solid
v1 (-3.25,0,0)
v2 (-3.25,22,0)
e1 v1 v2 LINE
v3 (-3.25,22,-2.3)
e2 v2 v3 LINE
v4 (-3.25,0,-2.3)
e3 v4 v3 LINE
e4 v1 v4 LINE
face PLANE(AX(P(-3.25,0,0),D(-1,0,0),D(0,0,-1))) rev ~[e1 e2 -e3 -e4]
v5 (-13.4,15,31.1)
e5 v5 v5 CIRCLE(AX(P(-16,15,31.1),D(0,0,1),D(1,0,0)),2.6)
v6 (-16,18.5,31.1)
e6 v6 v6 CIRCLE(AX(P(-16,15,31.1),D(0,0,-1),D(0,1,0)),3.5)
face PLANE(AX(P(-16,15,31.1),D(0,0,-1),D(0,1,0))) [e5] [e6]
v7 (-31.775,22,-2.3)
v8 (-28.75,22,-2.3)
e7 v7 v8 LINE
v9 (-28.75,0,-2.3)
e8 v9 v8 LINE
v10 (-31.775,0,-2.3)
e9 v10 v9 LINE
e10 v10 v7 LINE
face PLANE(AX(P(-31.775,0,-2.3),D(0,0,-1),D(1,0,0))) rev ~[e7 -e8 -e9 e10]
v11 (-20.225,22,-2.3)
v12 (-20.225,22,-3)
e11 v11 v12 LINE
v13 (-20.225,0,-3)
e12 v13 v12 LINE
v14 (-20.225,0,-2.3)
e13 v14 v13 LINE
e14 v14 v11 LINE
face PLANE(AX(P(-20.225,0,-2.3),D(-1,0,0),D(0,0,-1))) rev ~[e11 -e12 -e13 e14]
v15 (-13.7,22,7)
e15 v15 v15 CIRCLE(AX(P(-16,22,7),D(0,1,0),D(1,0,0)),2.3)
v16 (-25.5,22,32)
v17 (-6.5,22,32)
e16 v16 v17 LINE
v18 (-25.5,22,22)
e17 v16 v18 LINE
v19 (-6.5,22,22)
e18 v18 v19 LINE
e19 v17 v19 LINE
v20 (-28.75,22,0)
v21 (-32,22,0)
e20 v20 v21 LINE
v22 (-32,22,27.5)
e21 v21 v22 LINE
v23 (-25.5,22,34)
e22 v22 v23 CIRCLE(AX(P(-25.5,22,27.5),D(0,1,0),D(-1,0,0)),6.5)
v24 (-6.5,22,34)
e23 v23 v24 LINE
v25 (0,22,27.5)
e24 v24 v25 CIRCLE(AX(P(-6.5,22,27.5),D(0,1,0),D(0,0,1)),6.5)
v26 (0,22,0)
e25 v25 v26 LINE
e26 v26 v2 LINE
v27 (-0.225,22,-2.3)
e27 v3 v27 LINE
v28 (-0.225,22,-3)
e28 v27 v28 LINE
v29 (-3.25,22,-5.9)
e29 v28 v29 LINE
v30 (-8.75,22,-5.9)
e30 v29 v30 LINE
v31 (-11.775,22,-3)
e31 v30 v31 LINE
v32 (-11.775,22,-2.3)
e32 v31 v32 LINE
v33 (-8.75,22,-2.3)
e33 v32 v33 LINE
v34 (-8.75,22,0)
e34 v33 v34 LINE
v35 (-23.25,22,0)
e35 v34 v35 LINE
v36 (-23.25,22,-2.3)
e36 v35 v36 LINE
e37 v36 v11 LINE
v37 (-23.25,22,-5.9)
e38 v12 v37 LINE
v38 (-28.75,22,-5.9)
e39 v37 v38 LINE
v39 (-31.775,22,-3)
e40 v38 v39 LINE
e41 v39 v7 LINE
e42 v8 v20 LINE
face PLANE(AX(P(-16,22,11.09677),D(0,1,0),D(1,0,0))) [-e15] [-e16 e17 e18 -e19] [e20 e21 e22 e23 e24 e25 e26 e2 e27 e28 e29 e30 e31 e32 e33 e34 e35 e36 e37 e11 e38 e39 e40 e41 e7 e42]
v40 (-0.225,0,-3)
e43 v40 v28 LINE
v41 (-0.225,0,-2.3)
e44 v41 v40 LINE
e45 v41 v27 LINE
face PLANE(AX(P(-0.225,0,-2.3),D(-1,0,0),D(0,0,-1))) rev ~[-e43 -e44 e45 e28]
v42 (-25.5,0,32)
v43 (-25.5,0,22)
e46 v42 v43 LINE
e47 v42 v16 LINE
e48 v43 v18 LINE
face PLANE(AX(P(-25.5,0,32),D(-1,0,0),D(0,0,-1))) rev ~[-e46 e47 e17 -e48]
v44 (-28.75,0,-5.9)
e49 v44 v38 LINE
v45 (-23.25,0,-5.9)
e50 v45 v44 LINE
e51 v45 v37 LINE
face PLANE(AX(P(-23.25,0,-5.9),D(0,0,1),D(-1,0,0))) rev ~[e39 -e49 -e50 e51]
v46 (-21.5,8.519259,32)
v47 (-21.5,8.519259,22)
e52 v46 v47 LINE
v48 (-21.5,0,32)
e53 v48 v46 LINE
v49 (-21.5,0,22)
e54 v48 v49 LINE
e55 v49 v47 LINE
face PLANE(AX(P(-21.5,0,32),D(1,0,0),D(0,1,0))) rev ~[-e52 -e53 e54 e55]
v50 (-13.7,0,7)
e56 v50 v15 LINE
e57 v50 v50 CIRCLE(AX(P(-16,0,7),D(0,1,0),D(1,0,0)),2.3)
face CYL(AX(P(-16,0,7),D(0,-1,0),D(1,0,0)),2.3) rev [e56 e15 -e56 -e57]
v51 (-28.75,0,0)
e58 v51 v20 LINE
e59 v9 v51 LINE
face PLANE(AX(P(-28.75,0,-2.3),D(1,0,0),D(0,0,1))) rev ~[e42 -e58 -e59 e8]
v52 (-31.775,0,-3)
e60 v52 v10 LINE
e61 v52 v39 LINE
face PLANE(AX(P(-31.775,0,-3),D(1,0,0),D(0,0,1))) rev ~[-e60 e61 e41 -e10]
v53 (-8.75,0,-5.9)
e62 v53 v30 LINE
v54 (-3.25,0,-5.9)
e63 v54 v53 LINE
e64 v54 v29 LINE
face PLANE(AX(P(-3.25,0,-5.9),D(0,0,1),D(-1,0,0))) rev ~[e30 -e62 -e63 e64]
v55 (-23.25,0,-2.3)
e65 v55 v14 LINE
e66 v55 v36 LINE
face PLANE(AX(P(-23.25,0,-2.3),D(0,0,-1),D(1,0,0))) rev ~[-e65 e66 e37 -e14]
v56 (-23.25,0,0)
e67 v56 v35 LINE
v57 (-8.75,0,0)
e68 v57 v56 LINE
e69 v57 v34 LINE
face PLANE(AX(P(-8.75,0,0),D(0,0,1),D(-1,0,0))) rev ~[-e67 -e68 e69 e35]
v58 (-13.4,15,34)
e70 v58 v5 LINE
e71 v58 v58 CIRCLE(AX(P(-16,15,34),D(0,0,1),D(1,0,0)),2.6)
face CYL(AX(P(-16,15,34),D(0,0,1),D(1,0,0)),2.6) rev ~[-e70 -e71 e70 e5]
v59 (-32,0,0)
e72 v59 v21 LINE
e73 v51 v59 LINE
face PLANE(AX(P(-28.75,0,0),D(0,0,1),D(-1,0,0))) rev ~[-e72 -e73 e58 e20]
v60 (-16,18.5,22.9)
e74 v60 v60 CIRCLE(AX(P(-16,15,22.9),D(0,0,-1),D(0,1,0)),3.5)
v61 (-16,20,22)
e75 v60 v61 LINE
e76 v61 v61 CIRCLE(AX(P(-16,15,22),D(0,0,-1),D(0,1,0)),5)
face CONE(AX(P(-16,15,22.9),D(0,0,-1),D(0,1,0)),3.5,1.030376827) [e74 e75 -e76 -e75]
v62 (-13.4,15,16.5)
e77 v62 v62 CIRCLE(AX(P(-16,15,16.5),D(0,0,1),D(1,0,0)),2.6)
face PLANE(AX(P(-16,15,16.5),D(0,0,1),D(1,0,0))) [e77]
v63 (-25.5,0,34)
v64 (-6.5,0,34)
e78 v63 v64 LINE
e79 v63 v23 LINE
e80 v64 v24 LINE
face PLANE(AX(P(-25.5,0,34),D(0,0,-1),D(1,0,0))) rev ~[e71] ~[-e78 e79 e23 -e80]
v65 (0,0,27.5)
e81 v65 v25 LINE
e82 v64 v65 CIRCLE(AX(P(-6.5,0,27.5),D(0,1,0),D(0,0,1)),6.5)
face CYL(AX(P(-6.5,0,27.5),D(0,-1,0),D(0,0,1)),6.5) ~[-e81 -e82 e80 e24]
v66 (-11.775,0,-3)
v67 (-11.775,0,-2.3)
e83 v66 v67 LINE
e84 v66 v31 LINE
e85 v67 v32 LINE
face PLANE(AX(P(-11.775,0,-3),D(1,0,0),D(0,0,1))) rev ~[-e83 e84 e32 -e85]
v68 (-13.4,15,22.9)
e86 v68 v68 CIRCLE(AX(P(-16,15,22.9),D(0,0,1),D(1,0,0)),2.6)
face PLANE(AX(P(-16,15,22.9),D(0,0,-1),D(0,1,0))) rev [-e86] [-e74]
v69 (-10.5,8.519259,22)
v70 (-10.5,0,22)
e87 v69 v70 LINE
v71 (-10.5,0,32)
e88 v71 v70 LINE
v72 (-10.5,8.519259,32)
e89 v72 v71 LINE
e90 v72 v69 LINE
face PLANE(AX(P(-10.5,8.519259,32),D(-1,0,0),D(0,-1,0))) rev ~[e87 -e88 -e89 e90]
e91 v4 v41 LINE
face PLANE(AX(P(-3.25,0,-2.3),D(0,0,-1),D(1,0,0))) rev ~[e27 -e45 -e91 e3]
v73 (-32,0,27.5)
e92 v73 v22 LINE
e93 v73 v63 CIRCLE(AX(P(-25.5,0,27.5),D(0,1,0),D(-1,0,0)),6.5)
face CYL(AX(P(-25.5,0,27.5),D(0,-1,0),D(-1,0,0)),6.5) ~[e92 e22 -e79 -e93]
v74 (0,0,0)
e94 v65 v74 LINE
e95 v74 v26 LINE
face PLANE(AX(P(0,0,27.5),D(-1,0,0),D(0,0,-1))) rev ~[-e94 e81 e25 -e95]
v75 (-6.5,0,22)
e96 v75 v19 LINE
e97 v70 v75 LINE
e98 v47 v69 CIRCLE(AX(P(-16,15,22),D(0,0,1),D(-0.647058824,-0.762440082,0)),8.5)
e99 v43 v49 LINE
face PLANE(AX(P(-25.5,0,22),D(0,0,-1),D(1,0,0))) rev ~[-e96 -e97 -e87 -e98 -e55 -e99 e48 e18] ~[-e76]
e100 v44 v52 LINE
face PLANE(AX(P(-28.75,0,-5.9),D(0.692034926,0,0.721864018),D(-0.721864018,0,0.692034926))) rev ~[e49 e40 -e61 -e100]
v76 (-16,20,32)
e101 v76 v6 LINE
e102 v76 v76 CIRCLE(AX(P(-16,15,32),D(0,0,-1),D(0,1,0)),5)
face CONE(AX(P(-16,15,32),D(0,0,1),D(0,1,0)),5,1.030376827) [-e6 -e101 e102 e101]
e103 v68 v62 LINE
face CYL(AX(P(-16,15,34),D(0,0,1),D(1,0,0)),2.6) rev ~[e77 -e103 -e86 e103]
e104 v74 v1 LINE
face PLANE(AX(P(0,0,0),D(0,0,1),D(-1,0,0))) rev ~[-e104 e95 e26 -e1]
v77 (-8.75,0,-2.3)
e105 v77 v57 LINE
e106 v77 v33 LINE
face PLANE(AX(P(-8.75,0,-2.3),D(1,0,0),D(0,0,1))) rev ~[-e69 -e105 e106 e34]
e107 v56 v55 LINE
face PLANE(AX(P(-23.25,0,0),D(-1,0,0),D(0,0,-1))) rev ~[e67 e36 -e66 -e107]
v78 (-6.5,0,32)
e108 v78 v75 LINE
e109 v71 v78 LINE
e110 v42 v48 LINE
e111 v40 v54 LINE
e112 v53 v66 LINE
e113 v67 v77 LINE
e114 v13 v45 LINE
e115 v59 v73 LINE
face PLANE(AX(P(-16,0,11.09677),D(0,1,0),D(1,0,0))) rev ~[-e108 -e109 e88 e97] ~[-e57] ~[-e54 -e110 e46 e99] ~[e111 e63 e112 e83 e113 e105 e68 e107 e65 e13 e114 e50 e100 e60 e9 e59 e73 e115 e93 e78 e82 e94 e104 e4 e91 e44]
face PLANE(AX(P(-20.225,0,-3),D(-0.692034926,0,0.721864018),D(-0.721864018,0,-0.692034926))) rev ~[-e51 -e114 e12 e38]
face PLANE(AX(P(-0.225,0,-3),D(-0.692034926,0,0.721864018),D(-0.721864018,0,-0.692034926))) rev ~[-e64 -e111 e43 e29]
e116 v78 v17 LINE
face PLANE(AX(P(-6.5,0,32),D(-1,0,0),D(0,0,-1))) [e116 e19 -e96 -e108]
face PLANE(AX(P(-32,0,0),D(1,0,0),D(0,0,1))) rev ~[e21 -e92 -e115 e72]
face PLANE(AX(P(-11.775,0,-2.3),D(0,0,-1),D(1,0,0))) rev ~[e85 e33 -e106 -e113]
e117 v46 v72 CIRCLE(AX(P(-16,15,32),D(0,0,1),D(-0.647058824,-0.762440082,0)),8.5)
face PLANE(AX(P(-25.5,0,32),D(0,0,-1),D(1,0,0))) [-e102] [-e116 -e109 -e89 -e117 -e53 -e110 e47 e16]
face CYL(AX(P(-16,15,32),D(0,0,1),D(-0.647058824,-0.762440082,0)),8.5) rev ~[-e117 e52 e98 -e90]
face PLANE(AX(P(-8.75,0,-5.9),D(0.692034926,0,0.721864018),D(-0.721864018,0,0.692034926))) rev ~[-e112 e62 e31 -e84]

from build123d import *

# Parameters (mm, degrees)
SKETCH1_R           = 2.3
SKETCH1_W           = 19
SKETCH1_H           = 10
BOSS_EXTRUDE1_DEPTH = 22
BOSS_EXTRUDE2_REACH = 39.9
SKETCH5_R           = 2.6
CUT_EXTRUDE1_DEPTH  = 17.5


with BuildPart() as part:
    # Sketch1 → Boss-Extrude1 (new body)
    with BuildSketch(Plane(origin=(0, 0, 0), x_dir=(1, 0, 0), z_dir=(0, 1, 0))):
        with BuildLine():
            Line((-32, 0), (-32, -27.5))
            ThreePointArc((-32, -27.5), (-30.096194078, -32.096194078), (-25.5, -34))
            Line((-25.5, -34), (-6.5, -34))
            ThreePointArc((-6.5, -34), (-1.903805922, -32.096194078), (0, -27.5))
            Line((0, -27.5), (0, 0))
            Line((0, 0), (-3.25, 0))
            Line((-3.25, 0), (-3.25, 2.3))
            Line((-3.25, 2.3), (-0.225, 2.3))
            Line((-0.225, 2.3), (-0.225, 3))
            Line((-0.225, 3), (-3.25, 5.9))
            Line((-3.25, 5.9), (-8.75, 5.9))
            Line((-8.75, 5.9), (-11.775, 3))
            Line((-11.775, 3), (-11.775, 2.3))
            Line((-11.775, 2.3), (-8.75, 2.3))
            Line((-8.75, 2.3), (-8.75, 0))
            Line((-8.75, 0), (-23.25, 0))
            Line((-23.25, 0), (-23.25, 2.3))
            Line((-23.25, 2.3), (-20.225, 2.3))
            Line((-20.225, 2.3), (-20.225, 3))
            Line((-20.225, 3), (-23.25, 5.9))
            Line((-23.25, 5.9), (-28.75, 5.9))
            Line((-28.75, 5.9), (-31.775, 3))
            Line((-31.775, 3), (-31.775, 2.3))
            Line((-31.775, 2.3), (-28.75, 2.3))
            Line((-28.75, 2.3), (-28.75, 0))
            Line((-28.75, 0), (-32, 0))
        make_face()
        with Locations((-16, -7)):
            Circle(SKETCH1_R, mode=Mode.SUBTRACT)
        with Locations((-16, -27)):
            Rectangle(SKETCH1_W, SKETCH1_H, mode=Mode.SUBTRACT)
    extrude(amount=BOSS_EXTRUDE1_DEPTH)

    # Sketch2 → Boss-Extrude2 (add, up to next)
    with BuildSketch(Plane(origin=(0, 0, 32), x_dir=(-1, 0, 0), z_dir=(0, 0, -1)), mode=Mode.PRIVATE) as boss_extrude2_sk1:
        with BuildLine():
            Line((21.5, 0), (21.5, 8.519259302))
            ThreePointArc((21.5, 8.519259302), (16, 6.5), (10.5, 8.519259302))
            Line((10.5, 8.519259302), (10.5, 0))
            Line((10.5, 0), (21.5, 0))
        make_face()
    boss_extrude2_tool1 = extrude(boss_extrude2_sk1.sketch, amount=BOSS_EXTRUDE2_REACH, mode=Mode.PRIVATE) - part.part
    add(boss_extrude2_tool1.solids().sort_by_distance((-16, 3.593056, 32))[0])

    # Sketch4 → Revolve1 (revolve)
    with BuildSketch(Plane(origin=(-16, 0, 0), x_dir=(0, 0, -1), z_dir=(1, 0, 0))):
        Polygon((-32, 20), (-31.1, 18.5), (-31.1, 15), (-32, 15), align=None)
        Polygon((-22, 15), (-22.9, 15), (-22.9, 18.5), (-22, 20), align=None)
    revolve(axis=Axis((-16, 15, 32), (0, 0, -1)))

    # Sketch5 → Cut-Extrude1 (cut)
    with BuildSketch(Plane.XY.offset(34)):
        with Locations((-16, 15)):
            Circle(SKETCH5_R)
    extrude(amount=-CUT_EXTRUDE1_DEPTH, mode=Mode.SUBTRACT)


solid = part.part
